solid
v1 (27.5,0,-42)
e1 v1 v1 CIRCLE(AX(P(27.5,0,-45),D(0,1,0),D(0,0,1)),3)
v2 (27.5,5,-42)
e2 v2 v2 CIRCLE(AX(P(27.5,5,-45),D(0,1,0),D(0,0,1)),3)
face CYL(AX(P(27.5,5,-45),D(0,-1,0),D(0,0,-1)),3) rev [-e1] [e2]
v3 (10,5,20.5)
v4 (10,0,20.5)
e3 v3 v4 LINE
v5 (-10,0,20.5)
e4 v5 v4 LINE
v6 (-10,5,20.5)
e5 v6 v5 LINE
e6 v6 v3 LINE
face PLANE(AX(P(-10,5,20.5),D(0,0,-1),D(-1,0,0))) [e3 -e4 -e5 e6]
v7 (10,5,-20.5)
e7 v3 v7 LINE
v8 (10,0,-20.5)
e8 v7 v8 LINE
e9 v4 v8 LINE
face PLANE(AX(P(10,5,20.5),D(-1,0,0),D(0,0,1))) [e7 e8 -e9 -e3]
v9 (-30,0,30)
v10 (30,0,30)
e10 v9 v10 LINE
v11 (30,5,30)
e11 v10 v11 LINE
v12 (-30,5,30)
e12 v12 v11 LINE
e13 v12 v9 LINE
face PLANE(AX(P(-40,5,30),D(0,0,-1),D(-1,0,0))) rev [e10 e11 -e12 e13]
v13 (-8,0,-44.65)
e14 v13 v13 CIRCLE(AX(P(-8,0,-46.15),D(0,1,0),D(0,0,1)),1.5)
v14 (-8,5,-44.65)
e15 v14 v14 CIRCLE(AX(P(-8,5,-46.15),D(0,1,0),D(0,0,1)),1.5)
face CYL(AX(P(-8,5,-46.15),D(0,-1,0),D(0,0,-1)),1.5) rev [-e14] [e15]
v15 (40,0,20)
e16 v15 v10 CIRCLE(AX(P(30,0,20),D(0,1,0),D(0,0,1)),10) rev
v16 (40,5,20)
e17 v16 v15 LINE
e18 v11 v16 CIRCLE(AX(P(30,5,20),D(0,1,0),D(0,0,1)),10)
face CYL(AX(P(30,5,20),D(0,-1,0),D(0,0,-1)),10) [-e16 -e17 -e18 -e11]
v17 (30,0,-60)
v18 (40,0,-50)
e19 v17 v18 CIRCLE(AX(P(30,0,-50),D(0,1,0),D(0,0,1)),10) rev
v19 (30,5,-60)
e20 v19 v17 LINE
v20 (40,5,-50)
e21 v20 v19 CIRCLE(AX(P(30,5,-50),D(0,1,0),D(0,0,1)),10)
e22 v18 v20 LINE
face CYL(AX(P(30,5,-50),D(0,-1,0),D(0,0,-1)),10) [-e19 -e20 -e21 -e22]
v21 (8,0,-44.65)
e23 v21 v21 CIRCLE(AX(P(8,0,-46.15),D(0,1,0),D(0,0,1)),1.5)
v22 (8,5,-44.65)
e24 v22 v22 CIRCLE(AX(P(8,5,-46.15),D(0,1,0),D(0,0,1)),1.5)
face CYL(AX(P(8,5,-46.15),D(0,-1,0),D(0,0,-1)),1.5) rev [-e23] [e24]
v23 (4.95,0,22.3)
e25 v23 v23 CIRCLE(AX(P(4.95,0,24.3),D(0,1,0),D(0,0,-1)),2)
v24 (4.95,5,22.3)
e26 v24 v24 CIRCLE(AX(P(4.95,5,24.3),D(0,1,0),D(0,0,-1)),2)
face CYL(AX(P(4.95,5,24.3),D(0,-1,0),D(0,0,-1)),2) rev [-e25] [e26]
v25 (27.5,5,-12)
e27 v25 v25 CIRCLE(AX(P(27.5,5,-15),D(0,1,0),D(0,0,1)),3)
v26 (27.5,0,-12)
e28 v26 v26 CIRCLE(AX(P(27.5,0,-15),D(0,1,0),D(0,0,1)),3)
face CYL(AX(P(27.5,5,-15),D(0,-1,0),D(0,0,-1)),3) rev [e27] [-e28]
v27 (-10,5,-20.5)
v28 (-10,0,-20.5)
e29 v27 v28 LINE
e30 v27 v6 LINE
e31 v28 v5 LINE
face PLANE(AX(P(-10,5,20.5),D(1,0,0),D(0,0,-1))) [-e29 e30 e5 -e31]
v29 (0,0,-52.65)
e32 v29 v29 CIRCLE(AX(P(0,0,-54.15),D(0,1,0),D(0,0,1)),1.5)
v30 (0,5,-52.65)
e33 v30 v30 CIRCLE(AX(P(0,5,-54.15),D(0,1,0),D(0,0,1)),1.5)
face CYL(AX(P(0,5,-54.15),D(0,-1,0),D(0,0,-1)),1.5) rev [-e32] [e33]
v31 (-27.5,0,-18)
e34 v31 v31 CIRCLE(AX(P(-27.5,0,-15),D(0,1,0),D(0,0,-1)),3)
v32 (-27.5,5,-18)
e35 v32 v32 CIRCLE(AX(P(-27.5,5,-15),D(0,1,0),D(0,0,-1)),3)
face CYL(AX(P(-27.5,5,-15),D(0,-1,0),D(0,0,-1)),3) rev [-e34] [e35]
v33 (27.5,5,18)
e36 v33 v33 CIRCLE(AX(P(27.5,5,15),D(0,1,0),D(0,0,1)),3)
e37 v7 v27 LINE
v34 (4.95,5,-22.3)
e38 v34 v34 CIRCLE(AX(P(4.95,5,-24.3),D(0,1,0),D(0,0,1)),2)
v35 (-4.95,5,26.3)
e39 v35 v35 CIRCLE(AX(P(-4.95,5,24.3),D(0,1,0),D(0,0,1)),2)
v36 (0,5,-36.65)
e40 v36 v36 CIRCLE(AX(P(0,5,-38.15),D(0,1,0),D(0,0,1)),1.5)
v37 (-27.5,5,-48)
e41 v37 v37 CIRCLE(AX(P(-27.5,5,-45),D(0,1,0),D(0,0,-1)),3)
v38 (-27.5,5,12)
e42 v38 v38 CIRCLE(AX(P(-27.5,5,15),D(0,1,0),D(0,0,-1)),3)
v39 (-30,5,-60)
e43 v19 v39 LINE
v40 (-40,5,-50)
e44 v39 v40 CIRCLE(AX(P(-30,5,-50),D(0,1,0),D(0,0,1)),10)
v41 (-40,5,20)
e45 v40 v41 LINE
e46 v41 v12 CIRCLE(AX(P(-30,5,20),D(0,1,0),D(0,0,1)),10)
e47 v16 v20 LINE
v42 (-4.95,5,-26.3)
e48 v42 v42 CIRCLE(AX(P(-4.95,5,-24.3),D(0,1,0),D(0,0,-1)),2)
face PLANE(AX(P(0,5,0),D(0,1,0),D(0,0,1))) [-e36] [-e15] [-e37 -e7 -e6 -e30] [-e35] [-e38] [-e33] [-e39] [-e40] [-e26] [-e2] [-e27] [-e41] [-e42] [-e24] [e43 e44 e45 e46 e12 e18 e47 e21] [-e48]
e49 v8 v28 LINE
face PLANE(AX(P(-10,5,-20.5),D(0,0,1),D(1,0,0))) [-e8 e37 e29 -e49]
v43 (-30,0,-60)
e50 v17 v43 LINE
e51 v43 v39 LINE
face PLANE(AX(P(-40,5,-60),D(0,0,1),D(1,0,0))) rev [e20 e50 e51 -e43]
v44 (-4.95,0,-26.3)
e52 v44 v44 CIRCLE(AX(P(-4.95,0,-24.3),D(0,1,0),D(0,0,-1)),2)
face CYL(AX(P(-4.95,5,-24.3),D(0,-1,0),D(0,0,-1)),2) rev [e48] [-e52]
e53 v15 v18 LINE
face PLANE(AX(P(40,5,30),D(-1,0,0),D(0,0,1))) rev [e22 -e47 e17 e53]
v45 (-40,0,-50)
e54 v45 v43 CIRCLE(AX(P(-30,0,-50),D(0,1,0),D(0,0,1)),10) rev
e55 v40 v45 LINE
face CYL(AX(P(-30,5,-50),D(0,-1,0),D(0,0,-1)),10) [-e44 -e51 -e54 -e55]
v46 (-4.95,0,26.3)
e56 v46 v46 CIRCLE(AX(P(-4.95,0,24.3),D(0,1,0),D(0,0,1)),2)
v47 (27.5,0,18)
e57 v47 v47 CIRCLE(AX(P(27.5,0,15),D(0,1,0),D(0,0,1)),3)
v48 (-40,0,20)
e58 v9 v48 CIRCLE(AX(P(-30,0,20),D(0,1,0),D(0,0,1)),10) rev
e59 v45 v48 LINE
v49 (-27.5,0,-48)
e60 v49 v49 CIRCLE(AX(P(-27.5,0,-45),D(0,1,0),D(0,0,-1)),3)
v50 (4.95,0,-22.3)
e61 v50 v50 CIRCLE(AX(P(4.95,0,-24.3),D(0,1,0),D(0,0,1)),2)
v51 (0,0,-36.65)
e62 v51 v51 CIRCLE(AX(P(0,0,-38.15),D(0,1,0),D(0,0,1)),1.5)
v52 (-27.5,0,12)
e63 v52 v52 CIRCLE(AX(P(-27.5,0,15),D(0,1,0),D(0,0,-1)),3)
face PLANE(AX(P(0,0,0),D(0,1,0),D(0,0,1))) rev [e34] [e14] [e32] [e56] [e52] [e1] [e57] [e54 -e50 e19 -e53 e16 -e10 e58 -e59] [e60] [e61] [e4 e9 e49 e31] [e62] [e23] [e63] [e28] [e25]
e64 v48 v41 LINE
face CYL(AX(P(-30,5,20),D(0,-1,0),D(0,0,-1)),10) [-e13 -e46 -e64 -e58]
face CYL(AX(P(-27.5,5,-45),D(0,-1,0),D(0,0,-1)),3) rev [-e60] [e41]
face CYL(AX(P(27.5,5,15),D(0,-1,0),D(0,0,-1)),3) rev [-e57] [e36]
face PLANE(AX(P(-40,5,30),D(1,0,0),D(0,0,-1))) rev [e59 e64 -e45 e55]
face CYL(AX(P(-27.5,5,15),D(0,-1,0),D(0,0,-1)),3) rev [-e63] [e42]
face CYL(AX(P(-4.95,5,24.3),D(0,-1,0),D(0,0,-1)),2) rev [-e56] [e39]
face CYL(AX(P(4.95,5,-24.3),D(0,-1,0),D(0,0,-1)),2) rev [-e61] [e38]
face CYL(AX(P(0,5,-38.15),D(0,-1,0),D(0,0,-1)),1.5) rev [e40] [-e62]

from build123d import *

# Parameters (mm, degrees)
SKETCH_1_W          = 80
SKETCH_1_H          = 90
SKETCH_1_R          = 3
SKETCH_1_R_2        = 2
SKETCH_1_W_2        = 20
SKETCH_1_H_2        = 41
EXTRUDE_1_DEPTH     = 5
FILLET_1_R          = 10
SKETCH_2_R          = 1.5
CUT_EXTRUDE_1_DEPTH = 73.284161474


with BuildPart() as part:
    # 草图1 → 凸台-拉伸1 (new body)
    with BuildSketch(Plane(origin=(0, 0, 0), x_dir=(1, 0, 0), z_dir=(0, 1, 0))):
        with Locations((0, 15)):
            Rectangle(SKETCH_1_W, SKETCH_1_H)
        with Locations(Location((27.5, 15, 0), (0, 0, 270))):
            Circle(SKETCH_1_R, mode=Mode.SUBTRACT)
        with Locations(Location((27.5, -15, 0), (0, 0, 270))):
            Circle(SKETCH_1_R, mode=Mode.SUBTRACT)
        with Locations(Location((-27.5, -15, 0), (0, 0, 90))):
            Circle(SKETCH_1_R, mode=Mode.SUBTRACT)
        with Locations(Location((-27.5, 15, 0), (0, 0, 90))):
            Circle(SKETCH_1_R, mode=Mode.SUBTRACT)
        with Locations(Location((4.95, 24.3, 0), (0, 0, 270))):
            Circle(SKETCH_1_R_2, mode=Mode.SUBTRACT)
        with Locations(Location((-4.95, 24.3, 0), (0, 0, 90))):
            Circle(SKETCH_1_R_2, mode=Mode.SUBTRACT)
        with Locations(Location((4.95, -24.3, 0), (0, 0, 90))):
            Circle(SKETCH_1_R_2, mode=Mode.SUBTRACT)
        with Locations(Location((-4.95, -24.3, 0), (0, 0, 270))):
            Circle(SKETCH_1_R_2, mode=Mode.SUBTRACT)
        with Locations(Location((-27.5, 45, 0), (0, 0, 90))):
            Circle(SKETCH_1_R, mode=Mode.SUBTRACT)
        with Locations(Location((27.5, 45, 0), (0, 0, 270))):
            Circle(SKETCH_1_R, mode=Mode.SUBTRACT)
        Rectangle(SKETCH_1_W_2, SKETCH_1_H_2, mode=Mode.SUBTRACT)
    extrude(amount=EXTRUDE_1_DEPTH)

    # 圆角1
    fillet_1_edges = [part.edges().sort_by_distance(p)[0] for p in [
        (40, 2.5, -60),
        (40, 2.5, 30),
        (-40, 2.5, 30),
        (-40, 2.5, -60),
    ]]
    fillet(fillet_1_edges, radius=FILLET_1_R)

    # 草图2 → 切除-拉伸1 (cut, through all)
    with BuildSketch(Plane(origin=(0, 0, 0), x_dir=(1, 0, 0), z_dir=(0, 1, 0))):
        with Locations(Location((0, 54.15, 0), (0, 0, 270))):
            Circle(SKETCH_2_R)
        with Locations(Location((8, 46.15, 0), (0, 0, 270))):
            Circle(SKETCH_2_R)
        with Locations(Location((0, 38.15, 0), (0, 0, 270))):
            Circle(SKETCH_2_R)
        with Locations(Location((-8, 46.15, 0), (0, 0, 270))):
            Circle(SKETCH_2_R)
    extrude(amount=CUT_EXTRUDE_1_DEPTH, mode=Mode.SUBTRACT)


solid = part.part
